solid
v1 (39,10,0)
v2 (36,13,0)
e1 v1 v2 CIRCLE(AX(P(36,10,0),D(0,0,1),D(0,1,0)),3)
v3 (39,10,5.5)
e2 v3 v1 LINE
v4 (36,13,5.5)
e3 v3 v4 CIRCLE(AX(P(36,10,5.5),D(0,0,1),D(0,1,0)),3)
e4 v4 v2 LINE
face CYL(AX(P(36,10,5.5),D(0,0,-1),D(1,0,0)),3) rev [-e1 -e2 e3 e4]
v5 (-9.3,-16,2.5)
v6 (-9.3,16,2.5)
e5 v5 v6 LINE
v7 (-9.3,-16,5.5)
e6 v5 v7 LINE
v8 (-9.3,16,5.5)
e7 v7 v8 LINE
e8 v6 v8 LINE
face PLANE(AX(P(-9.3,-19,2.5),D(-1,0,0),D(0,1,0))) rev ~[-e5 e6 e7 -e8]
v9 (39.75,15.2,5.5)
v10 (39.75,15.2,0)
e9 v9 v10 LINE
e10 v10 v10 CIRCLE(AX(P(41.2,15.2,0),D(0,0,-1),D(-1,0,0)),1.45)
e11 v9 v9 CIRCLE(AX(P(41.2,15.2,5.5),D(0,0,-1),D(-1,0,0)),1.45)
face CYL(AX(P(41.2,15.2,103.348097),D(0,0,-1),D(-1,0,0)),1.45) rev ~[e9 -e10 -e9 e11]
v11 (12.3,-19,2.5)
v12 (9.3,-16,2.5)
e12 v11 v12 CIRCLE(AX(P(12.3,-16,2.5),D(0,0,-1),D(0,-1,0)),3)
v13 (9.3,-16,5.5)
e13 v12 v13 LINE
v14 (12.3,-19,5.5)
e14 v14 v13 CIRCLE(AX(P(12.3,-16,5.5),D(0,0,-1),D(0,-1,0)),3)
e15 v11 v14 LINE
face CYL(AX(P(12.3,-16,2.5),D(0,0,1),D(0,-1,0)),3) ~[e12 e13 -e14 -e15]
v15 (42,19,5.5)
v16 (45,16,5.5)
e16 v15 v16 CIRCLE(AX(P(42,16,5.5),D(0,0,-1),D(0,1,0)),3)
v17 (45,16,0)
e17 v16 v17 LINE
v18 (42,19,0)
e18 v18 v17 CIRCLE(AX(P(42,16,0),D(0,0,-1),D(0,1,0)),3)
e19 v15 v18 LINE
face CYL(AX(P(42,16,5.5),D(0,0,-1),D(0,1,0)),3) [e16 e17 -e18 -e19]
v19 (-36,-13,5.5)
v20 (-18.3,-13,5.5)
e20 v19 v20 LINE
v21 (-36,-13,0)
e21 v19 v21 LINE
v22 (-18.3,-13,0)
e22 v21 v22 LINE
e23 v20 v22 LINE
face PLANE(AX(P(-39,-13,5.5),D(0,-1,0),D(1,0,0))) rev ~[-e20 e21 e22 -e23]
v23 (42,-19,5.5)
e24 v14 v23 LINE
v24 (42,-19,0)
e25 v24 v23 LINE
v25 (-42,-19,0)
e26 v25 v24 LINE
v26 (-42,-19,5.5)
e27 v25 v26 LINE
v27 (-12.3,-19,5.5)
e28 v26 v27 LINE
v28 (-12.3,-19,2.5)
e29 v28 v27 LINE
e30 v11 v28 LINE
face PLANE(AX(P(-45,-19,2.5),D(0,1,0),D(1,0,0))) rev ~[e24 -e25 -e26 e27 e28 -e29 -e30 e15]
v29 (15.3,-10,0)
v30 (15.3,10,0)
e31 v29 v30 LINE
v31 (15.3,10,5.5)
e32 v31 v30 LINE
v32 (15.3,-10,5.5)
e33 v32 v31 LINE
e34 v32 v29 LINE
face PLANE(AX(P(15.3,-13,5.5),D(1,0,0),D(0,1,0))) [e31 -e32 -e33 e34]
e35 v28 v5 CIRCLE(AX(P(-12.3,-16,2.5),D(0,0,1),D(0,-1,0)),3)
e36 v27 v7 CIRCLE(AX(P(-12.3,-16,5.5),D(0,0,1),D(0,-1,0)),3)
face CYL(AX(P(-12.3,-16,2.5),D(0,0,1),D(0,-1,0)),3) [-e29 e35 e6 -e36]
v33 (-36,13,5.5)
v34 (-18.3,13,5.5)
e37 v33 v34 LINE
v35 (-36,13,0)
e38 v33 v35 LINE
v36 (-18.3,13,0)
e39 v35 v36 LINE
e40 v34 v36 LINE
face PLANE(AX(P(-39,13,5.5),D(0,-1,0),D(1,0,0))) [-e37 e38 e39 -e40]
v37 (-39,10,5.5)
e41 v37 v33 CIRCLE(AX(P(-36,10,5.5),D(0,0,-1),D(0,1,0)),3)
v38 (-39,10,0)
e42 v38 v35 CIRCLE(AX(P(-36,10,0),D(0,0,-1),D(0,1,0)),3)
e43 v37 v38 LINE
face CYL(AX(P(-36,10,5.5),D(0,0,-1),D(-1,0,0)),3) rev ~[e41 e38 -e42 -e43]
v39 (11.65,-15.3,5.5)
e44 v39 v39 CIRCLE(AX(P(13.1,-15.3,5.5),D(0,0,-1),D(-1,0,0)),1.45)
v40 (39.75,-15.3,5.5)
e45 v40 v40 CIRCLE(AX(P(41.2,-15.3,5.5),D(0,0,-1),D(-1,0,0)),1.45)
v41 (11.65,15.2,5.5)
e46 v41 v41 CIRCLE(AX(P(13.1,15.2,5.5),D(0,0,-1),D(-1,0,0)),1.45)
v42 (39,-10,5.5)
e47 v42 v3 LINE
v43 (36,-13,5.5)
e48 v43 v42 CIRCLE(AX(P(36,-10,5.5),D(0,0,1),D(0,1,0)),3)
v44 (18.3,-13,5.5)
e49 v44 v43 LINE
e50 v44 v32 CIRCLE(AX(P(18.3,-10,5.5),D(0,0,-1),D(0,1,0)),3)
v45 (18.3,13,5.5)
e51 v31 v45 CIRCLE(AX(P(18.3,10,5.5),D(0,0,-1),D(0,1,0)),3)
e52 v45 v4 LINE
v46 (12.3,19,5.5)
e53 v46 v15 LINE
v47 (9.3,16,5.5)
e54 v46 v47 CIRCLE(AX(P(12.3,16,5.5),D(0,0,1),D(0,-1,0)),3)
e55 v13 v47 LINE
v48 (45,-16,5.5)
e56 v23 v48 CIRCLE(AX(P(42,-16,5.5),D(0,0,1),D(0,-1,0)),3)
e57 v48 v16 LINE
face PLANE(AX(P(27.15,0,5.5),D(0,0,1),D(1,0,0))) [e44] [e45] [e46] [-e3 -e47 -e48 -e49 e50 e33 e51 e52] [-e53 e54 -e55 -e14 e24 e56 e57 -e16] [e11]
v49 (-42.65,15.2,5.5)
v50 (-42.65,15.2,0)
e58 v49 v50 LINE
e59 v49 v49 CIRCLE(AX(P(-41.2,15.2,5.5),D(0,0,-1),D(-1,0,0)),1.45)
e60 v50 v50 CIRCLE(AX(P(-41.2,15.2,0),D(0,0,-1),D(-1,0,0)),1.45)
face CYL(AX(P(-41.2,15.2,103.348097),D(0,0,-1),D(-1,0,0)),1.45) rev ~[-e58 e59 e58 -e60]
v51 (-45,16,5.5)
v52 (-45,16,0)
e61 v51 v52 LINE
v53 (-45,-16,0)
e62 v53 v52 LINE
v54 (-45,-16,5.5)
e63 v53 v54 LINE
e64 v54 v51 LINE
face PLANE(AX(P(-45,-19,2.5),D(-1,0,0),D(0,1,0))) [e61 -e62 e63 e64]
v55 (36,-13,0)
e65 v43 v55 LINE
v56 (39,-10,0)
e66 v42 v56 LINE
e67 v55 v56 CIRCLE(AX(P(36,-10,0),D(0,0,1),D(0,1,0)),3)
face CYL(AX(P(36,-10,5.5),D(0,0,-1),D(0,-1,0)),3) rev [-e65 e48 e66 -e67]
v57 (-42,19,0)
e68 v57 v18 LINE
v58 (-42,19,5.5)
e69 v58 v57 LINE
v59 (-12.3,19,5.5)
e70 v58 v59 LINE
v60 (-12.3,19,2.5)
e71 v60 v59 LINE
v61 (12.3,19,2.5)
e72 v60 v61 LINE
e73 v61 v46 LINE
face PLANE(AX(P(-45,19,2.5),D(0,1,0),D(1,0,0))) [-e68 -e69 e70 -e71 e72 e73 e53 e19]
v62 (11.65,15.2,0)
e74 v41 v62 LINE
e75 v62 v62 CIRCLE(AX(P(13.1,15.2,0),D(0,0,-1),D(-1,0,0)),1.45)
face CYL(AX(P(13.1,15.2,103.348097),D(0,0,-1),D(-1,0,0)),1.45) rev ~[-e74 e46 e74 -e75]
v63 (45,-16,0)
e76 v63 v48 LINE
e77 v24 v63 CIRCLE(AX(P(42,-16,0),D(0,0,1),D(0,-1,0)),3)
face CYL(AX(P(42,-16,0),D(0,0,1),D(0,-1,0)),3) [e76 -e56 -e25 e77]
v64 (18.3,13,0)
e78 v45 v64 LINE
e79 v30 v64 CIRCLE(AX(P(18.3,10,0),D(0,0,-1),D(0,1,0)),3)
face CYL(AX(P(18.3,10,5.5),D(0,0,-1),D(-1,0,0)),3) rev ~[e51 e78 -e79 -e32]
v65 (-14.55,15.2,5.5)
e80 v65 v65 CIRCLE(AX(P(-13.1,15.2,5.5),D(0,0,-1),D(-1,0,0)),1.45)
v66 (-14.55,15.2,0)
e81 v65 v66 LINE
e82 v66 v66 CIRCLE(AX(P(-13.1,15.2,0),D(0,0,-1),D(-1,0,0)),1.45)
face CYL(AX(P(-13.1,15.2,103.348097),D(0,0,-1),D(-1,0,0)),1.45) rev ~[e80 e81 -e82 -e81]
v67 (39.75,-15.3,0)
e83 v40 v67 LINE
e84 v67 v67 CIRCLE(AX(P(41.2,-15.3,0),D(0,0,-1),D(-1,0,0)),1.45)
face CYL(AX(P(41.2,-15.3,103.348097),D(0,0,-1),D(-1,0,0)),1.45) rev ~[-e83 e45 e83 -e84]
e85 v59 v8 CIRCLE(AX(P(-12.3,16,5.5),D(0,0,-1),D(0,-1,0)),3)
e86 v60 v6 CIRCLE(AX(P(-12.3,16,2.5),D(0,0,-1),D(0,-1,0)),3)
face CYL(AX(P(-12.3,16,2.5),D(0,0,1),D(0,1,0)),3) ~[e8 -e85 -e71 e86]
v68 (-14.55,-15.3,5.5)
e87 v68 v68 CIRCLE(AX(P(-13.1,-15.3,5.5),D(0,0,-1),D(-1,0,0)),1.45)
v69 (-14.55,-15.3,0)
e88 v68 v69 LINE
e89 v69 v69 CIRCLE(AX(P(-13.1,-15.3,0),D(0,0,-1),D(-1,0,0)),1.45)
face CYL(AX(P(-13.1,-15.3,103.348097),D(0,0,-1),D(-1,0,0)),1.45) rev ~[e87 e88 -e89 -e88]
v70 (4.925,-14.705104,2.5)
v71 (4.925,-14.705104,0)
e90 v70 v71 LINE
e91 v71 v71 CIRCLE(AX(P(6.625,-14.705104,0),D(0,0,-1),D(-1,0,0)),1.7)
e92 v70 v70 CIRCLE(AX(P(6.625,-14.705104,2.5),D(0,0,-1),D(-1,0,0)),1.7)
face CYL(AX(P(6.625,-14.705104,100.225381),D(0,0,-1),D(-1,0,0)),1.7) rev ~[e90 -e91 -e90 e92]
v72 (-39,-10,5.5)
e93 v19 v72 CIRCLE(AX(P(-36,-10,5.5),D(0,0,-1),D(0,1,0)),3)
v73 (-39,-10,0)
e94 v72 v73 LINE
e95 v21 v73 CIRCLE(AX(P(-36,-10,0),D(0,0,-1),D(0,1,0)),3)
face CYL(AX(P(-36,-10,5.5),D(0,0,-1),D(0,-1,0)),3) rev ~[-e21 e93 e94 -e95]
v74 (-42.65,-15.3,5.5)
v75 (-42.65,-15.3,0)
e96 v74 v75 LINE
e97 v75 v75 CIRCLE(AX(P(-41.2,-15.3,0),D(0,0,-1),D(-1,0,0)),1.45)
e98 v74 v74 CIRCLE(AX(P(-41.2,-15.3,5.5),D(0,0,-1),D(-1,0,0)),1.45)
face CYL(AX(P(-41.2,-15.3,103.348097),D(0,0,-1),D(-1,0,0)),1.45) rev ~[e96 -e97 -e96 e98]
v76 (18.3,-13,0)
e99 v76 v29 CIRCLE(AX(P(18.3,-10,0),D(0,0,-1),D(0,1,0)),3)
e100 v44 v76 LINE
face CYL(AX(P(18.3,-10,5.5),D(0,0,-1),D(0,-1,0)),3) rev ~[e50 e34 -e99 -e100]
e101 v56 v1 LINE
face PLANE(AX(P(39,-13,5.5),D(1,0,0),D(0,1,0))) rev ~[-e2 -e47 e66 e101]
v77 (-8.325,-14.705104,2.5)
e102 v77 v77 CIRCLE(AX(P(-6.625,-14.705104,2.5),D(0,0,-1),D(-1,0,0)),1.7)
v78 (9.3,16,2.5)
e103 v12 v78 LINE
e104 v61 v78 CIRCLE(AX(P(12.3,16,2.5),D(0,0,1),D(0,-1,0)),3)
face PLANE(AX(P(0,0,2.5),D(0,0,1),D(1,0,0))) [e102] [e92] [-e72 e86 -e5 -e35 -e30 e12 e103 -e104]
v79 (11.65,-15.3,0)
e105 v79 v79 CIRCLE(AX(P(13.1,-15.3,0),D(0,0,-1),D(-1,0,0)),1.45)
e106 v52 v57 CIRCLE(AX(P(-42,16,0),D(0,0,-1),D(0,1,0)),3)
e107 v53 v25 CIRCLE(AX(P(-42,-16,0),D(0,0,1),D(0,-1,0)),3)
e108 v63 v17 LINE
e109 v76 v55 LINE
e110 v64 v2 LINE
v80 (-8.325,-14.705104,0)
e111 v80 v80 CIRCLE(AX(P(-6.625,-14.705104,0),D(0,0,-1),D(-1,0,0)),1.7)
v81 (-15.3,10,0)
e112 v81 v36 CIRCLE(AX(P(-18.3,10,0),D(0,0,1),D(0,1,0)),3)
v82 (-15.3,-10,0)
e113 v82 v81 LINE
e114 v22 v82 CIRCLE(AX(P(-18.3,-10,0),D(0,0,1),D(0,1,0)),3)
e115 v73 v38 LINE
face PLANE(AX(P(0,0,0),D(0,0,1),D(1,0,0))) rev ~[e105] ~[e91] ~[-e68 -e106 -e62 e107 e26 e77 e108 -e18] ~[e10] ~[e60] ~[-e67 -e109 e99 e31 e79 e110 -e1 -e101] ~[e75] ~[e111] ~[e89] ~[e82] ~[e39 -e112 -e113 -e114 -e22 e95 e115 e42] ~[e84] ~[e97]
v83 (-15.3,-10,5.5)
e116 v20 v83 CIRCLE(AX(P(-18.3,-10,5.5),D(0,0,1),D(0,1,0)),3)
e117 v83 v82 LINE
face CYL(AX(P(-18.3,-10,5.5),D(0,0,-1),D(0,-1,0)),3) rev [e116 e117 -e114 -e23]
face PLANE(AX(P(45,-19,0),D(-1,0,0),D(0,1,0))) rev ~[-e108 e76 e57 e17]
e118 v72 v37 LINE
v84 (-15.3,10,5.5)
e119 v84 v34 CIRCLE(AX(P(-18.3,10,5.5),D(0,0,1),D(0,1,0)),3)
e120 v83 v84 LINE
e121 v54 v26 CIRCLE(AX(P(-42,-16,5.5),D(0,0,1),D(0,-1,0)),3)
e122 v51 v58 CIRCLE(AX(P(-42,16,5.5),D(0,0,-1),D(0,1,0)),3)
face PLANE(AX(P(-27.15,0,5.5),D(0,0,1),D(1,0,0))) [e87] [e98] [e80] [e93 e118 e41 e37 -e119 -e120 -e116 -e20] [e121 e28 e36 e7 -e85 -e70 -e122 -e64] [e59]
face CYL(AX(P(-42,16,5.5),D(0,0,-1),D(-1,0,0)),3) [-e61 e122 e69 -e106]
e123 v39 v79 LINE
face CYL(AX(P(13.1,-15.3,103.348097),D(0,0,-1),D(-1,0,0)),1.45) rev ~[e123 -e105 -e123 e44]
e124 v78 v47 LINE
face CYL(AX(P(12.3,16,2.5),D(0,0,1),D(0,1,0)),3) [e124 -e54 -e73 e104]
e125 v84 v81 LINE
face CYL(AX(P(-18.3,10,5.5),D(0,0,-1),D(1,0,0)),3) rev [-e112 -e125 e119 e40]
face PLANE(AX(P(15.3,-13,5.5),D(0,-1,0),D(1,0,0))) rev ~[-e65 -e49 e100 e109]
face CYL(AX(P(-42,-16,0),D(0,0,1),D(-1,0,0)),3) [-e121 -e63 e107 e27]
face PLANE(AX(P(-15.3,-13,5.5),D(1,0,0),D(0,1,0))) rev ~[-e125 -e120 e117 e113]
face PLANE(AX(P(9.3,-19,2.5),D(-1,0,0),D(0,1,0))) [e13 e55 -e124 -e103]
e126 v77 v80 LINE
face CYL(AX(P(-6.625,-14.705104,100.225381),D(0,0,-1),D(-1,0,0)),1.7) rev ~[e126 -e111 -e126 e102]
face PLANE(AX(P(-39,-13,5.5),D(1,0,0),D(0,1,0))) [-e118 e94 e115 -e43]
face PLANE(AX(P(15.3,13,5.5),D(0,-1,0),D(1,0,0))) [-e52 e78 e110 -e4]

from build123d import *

# Parameters (mm, degrees)
F0_W        = 90
F0_H        = 38
F1_DEPTH    = 2.5
F3_D        = 3.4
F2_W        = 35.7
F2_H        = 38
F4_DEPTH    = 3
F6_W        = 23.7
F6_H        = 26
F5_W        = 23.7
F5_H        = 26
F7_DEPTH    = 10
F10_D       = 2.9
F10_ON_F9_D = 2.9
F11_R       = 3


with BuildPart() as f1:
    # F0 (on Top) → F1 (new body)
    with BuildSketch(Plane.XY):
        Rectangle(F0_W, F0_H)
    extrude(amount=F1_DEPTH)

    # F3 (through all)
    with Locations(Plane.XY.offset(2.5)):
        with Locations((6.625, -14.7051038221), (-6.625, -14.7051038221)):
            Hole(F3_D / 2)

    # F2 (on face) → F4 (join)
    with BuildSketch(Plane.XY.offset(2.5)):
        with Locations((-27.15, 0)):
            Rectangle(F2_W, F2_H)
        with Locations((27.15, 0)):
            Rectangle(F2_W, F2_H)
    extrude(amount=F4_DEPTH)

    # F6 (on face) + F5 (on face) → F7 (cut)
    with BuildSketch(Plane.XY.offset(5.5)):
        with Locations((-27.15, 0)):
            Rectangle(F6_W, F6_H)
    with BuildSketch(Plane.XY.offset(5.5)):
        with Locations((27.15, 0)):
            Rectangle(F5_W, F5_H)
    extrude(amount=-F7_DEPTH, mode=Mode.SUBTRACT)

    # F10 (through all)
    with Locations(Plane.XY.offset(5.5)):
        with Locations((-41.2, 15.2), (-41.2, -15.3), (-13.1, 15.2), (-13.1, -15.3)):
            Hole(F10_D / 2)

    # F10 on F9 (through all)
    with Locations(Plane.XY.offset(5.5)):
        with Locations((13.1, 15.2), (41.2, 15.2), (13.1, -15.3), (41.2, -15.3)):
            Hole(F10_ON_F9_D / 2)

    # F11
    f11_edges = [f1.edges().sort_by_distance(p)[0] for p in [
        (-45, 19, 2.75),
        (9.3, 19, 4),
        (45, 19, 2.75),
        (39, -13, 2.75),
        (-15.3, -13, 2.75),
        (-45, -19, 2.75),
        (-9.3, -19, 4),
        (-39, 13, 2.75),
        (-9.3, 19, 4),
        (15.3, 13, 2.75),
        (45, -19, 2.75),
        (15.3, -13, 2.75),
        (-39, -13, 2.75),
        (-15.3, 13, 2.75),
        (39, 13, 2.75),
        (9.3, -19, 4),
    ]]
    fillet(f11_edges, radius=F11_R)


solid = f1.part
